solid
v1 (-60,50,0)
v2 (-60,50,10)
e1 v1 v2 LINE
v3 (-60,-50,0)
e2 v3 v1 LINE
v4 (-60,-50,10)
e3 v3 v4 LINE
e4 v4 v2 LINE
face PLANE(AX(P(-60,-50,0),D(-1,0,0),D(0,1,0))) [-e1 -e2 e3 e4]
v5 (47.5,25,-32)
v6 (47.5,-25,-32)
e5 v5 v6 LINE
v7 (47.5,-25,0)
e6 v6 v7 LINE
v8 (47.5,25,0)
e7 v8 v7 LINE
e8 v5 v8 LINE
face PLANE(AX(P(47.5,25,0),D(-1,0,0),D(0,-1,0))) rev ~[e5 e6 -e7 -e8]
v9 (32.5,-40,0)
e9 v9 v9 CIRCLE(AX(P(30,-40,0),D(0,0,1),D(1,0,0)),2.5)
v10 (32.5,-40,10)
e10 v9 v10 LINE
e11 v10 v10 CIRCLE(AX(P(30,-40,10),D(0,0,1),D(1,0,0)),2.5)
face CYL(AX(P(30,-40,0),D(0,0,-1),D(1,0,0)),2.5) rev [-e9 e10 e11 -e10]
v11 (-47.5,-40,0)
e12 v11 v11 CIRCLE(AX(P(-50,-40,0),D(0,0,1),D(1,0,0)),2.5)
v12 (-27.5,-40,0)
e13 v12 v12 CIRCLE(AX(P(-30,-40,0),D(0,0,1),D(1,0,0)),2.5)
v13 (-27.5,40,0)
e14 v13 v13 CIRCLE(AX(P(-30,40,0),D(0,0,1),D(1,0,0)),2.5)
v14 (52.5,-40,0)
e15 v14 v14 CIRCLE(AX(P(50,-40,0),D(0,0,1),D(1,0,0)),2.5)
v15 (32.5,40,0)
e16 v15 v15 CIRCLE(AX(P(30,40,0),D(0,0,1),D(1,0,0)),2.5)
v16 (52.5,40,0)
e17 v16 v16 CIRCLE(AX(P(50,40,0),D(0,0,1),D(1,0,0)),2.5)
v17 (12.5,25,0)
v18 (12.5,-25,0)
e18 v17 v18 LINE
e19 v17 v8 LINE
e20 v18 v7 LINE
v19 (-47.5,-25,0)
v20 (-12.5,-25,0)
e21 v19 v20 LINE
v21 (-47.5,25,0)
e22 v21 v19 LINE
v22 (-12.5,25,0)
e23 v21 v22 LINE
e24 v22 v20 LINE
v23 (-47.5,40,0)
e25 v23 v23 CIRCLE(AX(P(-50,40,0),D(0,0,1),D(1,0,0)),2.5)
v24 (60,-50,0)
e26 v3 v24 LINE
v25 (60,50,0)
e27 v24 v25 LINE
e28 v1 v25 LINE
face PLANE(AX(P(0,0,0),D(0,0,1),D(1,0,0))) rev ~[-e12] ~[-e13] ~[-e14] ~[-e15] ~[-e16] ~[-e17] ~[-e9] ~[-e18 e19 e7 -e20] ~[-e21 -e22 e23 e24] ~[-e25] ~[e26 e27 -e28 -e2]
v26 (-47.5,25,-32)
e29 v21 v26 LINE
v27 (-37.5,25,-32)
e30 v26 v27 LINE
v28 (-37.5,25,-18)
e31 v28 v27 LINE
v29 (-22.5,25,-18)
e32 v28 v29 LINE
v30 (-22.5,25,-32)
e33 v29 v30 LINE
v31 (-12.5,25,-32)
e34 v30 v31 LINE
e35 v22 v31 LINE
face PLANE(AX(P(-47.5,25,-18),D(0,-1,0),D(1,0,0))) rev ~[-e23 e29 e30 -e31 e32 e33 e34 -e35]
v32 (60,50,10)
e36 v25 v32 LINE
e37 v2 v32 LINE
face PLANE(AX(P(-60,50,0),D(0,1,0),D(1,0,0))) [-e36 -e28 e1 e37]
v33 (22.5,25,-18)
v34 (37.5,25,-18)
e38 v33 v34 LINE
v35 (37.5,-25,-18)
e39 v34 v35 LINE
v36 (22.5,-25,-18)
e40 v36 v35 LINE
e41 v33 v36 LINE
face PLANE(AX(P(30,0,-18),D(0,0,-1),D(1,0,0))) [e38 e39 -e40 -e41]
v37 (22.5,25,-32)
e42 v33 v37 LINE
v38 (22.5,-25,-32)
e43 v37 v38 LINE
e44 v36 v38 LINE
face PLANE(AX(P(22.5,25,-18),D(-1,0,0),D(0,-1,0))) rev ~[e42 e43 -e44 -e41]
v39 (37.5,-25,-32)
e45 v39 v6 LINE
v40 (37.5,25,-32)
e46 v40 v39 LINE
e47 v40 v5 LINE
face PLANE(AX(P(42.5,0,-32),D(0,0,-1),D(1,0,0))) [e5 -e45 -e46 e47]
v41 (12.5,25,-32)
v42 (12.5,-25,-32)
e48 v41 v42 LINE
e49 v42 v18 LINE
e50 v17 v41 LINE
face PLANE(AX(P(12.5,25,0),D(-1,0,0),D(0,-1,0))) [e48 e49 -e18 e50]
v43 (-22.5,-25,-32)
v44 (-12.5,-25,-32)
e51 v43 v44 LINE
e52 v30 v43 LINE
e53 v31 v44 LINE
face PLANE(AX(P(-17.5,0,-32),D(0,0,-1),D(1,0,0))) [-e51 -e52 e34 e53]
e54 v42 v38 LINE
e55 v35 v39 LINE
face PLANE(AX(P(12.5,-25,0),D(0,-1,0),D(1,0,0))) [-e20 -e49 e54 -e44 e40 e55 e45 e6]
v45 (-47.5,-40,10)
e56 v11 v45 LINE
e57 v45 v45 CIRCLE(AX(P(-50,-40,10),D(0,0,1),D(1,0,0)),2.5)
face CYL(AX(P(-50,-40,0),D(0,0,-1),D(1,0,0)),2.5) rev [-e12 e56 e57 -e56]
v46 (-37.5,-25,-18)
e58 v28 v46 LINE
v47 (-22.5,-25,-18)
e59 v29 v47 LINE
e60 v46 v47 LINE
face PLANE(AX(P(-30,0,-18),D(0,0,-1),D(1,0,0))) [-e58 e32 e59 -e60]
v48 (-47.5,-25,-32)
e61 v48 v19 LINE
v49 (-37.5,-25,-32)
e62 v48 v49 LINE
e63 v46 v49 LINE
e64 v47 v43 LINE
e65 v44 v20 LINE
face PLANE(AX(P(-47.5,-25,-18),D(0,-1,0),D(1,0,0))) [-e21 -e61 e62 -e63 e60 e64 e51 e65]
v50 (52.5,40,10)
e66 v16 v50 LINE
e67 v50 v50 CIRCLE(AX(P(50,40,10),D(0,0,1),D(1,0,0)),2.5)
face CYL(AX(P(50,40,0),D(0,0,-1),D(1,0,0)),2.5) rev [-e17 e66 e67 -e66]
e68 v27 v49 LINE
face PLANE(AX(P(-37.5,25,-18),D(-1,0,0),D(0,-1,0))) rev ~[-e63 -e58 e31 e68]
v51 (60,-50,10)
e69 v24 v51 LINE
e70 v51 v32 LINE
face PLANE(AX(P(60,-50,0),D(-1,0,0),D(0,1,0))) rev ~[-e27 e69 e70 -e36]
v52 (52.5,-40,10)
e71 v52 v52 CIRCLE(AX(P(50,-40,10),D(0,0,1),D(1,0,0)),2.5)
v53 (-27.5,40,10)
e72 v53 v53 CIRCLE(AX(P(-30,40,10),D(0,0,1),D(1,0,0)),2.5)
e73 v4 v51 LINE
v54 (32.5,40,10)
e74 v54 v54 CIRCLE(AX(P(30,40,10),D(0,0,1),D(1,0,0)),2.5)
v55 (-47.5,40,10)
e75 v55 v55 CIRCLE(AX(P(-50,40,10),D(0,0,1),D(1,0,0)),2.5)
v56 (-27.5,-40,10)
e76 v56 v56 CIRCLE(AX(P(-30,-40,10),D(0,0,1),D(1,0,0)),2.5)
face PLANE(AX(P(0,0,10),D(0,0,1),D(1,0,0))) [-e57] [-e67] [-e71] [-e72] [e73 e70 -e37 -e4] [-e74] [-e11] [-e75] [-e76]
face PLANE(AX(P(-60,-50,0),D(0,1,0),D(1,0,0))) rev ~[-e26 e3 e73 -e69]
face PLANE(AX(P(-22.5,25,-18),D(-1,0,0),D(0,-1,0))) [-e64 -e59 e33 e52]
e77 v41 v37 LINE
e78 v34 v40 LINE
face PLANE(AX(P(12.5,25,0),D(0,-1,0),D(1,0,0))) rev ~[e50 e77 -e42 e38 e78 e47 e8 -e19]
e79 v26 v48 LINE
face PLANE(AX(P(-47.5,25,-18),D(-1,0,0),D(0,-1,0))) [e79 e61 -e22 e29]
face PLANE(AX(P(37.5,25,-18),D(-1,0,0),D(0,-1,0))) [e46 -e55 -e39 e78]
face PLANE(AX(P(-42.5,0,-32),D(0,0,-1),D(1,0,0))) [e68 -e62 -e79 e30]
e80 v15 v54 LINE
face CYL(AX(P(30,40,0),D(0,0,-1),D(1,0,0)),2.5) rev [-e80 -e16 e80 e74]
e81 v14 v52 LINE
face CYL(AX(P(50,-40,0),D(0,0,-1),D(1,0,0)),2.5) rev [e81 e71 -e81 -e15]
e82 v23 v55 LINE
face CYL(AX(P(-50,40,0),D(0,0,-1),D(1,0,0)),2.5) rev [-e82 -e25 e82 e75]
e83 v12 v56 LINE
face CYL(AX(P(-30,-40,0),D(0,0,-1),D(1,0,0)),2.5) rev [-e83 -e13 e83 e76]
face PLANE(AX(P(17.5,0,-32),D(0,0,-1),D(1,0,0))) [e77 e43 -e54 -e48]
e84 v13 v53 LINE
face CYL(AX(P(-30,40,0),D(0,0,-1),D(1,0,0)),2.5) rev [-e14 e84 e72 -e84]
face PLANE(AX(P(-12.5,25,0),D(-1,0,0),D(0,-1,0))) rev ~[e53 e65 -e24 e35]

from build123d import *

# Parameters (mm, degrees)
SKETCH_W     = 120
SKETCH_H     = 100
SKETCH_R     = 2.5
PAD_DEPTH    = 10
SKETCH001_W  = 35
SKETCH001_H  = 50
PAD001_DEPTH = 18
SKETCH002_W  = 10
SKETCH002_H  = 50
PAD002_DEPTH = 14


with BuildPart() as part:
    # Sketch → Pad (new body)
    with BuildSketch(Plane.XY):
        Rectangle(SKETCH_W, SKETCH_H)
        with Locations((-50, 40)):
            Circle(SKETCH_R, mode=Mode.SUBTRACT)
        with Locations((-30, 40)):
            Circle(SKETCH_R, mode=Mode.SUBTRACT)
        with Locations((30, 40)):
            Circle(SKETCH_R, mode=Mode.SUBTRACT)
        with Locations((50, 40)):
            Circle(SKETCH_R, mode=Mode.SUBTRACT)
        with Locations((-50, -40)):
            Circle(SKETCH_R, mode=Mode.SUBTRACT)
        with Locations((-30, -40)):
            Circle(SKETCH_R, mode=Mode.SUBTRACT)
        with Locations((30, -40)):
            Circle(SKETCH_R, mode=Mode.SUBTRACT)
        with Locations((50, -40)):
            Circle(SKETCH_R, mode=Mode.SUBTRACT)
    extrude(amount=PAD_DEPTH)

    # Sketch001 (on Face13 of Pad) → Pad001 (join)
    with BuildSketch(Plane(origin=(0, 0, 0), x_dir=(1, 0, 0), z_dir=(0, 0, -1))):
        with Locations((-30, 0)):
            Rectangle(SKETCH001_W, SKETCH001_H)
        with Locations((30, 0)):
            Rectangle(SKETCH001_W, SKETCH001_H)
    extrude(amount=PAD001_DEPTH)

    # Sketch002 (on Face23 of Pad001) → Pad002 (join)
    with BuildSketch(Plane(origin=(0, 0, -18), x_dir=(1, 0, 0), z_dir=(0, 0, -1))):
        with Locations((-42.5, 0)):
            Rectangle(SKETCH002_W, SKETCH002_H)
        with Locations((-17.5, 0)):
            Rectangle(SKETCH002_W, SKETCH002_H)
        with Locations((17.5, 0)):
            Rectangle(SKETCH002_W, SKETCH002_H)
        with Locations((42.5, 0)):
            Rectangle(SKETCH002_W, SKETCH002_H)
    extrude(amount=PAD002_DEPTH)


solid = part.part
